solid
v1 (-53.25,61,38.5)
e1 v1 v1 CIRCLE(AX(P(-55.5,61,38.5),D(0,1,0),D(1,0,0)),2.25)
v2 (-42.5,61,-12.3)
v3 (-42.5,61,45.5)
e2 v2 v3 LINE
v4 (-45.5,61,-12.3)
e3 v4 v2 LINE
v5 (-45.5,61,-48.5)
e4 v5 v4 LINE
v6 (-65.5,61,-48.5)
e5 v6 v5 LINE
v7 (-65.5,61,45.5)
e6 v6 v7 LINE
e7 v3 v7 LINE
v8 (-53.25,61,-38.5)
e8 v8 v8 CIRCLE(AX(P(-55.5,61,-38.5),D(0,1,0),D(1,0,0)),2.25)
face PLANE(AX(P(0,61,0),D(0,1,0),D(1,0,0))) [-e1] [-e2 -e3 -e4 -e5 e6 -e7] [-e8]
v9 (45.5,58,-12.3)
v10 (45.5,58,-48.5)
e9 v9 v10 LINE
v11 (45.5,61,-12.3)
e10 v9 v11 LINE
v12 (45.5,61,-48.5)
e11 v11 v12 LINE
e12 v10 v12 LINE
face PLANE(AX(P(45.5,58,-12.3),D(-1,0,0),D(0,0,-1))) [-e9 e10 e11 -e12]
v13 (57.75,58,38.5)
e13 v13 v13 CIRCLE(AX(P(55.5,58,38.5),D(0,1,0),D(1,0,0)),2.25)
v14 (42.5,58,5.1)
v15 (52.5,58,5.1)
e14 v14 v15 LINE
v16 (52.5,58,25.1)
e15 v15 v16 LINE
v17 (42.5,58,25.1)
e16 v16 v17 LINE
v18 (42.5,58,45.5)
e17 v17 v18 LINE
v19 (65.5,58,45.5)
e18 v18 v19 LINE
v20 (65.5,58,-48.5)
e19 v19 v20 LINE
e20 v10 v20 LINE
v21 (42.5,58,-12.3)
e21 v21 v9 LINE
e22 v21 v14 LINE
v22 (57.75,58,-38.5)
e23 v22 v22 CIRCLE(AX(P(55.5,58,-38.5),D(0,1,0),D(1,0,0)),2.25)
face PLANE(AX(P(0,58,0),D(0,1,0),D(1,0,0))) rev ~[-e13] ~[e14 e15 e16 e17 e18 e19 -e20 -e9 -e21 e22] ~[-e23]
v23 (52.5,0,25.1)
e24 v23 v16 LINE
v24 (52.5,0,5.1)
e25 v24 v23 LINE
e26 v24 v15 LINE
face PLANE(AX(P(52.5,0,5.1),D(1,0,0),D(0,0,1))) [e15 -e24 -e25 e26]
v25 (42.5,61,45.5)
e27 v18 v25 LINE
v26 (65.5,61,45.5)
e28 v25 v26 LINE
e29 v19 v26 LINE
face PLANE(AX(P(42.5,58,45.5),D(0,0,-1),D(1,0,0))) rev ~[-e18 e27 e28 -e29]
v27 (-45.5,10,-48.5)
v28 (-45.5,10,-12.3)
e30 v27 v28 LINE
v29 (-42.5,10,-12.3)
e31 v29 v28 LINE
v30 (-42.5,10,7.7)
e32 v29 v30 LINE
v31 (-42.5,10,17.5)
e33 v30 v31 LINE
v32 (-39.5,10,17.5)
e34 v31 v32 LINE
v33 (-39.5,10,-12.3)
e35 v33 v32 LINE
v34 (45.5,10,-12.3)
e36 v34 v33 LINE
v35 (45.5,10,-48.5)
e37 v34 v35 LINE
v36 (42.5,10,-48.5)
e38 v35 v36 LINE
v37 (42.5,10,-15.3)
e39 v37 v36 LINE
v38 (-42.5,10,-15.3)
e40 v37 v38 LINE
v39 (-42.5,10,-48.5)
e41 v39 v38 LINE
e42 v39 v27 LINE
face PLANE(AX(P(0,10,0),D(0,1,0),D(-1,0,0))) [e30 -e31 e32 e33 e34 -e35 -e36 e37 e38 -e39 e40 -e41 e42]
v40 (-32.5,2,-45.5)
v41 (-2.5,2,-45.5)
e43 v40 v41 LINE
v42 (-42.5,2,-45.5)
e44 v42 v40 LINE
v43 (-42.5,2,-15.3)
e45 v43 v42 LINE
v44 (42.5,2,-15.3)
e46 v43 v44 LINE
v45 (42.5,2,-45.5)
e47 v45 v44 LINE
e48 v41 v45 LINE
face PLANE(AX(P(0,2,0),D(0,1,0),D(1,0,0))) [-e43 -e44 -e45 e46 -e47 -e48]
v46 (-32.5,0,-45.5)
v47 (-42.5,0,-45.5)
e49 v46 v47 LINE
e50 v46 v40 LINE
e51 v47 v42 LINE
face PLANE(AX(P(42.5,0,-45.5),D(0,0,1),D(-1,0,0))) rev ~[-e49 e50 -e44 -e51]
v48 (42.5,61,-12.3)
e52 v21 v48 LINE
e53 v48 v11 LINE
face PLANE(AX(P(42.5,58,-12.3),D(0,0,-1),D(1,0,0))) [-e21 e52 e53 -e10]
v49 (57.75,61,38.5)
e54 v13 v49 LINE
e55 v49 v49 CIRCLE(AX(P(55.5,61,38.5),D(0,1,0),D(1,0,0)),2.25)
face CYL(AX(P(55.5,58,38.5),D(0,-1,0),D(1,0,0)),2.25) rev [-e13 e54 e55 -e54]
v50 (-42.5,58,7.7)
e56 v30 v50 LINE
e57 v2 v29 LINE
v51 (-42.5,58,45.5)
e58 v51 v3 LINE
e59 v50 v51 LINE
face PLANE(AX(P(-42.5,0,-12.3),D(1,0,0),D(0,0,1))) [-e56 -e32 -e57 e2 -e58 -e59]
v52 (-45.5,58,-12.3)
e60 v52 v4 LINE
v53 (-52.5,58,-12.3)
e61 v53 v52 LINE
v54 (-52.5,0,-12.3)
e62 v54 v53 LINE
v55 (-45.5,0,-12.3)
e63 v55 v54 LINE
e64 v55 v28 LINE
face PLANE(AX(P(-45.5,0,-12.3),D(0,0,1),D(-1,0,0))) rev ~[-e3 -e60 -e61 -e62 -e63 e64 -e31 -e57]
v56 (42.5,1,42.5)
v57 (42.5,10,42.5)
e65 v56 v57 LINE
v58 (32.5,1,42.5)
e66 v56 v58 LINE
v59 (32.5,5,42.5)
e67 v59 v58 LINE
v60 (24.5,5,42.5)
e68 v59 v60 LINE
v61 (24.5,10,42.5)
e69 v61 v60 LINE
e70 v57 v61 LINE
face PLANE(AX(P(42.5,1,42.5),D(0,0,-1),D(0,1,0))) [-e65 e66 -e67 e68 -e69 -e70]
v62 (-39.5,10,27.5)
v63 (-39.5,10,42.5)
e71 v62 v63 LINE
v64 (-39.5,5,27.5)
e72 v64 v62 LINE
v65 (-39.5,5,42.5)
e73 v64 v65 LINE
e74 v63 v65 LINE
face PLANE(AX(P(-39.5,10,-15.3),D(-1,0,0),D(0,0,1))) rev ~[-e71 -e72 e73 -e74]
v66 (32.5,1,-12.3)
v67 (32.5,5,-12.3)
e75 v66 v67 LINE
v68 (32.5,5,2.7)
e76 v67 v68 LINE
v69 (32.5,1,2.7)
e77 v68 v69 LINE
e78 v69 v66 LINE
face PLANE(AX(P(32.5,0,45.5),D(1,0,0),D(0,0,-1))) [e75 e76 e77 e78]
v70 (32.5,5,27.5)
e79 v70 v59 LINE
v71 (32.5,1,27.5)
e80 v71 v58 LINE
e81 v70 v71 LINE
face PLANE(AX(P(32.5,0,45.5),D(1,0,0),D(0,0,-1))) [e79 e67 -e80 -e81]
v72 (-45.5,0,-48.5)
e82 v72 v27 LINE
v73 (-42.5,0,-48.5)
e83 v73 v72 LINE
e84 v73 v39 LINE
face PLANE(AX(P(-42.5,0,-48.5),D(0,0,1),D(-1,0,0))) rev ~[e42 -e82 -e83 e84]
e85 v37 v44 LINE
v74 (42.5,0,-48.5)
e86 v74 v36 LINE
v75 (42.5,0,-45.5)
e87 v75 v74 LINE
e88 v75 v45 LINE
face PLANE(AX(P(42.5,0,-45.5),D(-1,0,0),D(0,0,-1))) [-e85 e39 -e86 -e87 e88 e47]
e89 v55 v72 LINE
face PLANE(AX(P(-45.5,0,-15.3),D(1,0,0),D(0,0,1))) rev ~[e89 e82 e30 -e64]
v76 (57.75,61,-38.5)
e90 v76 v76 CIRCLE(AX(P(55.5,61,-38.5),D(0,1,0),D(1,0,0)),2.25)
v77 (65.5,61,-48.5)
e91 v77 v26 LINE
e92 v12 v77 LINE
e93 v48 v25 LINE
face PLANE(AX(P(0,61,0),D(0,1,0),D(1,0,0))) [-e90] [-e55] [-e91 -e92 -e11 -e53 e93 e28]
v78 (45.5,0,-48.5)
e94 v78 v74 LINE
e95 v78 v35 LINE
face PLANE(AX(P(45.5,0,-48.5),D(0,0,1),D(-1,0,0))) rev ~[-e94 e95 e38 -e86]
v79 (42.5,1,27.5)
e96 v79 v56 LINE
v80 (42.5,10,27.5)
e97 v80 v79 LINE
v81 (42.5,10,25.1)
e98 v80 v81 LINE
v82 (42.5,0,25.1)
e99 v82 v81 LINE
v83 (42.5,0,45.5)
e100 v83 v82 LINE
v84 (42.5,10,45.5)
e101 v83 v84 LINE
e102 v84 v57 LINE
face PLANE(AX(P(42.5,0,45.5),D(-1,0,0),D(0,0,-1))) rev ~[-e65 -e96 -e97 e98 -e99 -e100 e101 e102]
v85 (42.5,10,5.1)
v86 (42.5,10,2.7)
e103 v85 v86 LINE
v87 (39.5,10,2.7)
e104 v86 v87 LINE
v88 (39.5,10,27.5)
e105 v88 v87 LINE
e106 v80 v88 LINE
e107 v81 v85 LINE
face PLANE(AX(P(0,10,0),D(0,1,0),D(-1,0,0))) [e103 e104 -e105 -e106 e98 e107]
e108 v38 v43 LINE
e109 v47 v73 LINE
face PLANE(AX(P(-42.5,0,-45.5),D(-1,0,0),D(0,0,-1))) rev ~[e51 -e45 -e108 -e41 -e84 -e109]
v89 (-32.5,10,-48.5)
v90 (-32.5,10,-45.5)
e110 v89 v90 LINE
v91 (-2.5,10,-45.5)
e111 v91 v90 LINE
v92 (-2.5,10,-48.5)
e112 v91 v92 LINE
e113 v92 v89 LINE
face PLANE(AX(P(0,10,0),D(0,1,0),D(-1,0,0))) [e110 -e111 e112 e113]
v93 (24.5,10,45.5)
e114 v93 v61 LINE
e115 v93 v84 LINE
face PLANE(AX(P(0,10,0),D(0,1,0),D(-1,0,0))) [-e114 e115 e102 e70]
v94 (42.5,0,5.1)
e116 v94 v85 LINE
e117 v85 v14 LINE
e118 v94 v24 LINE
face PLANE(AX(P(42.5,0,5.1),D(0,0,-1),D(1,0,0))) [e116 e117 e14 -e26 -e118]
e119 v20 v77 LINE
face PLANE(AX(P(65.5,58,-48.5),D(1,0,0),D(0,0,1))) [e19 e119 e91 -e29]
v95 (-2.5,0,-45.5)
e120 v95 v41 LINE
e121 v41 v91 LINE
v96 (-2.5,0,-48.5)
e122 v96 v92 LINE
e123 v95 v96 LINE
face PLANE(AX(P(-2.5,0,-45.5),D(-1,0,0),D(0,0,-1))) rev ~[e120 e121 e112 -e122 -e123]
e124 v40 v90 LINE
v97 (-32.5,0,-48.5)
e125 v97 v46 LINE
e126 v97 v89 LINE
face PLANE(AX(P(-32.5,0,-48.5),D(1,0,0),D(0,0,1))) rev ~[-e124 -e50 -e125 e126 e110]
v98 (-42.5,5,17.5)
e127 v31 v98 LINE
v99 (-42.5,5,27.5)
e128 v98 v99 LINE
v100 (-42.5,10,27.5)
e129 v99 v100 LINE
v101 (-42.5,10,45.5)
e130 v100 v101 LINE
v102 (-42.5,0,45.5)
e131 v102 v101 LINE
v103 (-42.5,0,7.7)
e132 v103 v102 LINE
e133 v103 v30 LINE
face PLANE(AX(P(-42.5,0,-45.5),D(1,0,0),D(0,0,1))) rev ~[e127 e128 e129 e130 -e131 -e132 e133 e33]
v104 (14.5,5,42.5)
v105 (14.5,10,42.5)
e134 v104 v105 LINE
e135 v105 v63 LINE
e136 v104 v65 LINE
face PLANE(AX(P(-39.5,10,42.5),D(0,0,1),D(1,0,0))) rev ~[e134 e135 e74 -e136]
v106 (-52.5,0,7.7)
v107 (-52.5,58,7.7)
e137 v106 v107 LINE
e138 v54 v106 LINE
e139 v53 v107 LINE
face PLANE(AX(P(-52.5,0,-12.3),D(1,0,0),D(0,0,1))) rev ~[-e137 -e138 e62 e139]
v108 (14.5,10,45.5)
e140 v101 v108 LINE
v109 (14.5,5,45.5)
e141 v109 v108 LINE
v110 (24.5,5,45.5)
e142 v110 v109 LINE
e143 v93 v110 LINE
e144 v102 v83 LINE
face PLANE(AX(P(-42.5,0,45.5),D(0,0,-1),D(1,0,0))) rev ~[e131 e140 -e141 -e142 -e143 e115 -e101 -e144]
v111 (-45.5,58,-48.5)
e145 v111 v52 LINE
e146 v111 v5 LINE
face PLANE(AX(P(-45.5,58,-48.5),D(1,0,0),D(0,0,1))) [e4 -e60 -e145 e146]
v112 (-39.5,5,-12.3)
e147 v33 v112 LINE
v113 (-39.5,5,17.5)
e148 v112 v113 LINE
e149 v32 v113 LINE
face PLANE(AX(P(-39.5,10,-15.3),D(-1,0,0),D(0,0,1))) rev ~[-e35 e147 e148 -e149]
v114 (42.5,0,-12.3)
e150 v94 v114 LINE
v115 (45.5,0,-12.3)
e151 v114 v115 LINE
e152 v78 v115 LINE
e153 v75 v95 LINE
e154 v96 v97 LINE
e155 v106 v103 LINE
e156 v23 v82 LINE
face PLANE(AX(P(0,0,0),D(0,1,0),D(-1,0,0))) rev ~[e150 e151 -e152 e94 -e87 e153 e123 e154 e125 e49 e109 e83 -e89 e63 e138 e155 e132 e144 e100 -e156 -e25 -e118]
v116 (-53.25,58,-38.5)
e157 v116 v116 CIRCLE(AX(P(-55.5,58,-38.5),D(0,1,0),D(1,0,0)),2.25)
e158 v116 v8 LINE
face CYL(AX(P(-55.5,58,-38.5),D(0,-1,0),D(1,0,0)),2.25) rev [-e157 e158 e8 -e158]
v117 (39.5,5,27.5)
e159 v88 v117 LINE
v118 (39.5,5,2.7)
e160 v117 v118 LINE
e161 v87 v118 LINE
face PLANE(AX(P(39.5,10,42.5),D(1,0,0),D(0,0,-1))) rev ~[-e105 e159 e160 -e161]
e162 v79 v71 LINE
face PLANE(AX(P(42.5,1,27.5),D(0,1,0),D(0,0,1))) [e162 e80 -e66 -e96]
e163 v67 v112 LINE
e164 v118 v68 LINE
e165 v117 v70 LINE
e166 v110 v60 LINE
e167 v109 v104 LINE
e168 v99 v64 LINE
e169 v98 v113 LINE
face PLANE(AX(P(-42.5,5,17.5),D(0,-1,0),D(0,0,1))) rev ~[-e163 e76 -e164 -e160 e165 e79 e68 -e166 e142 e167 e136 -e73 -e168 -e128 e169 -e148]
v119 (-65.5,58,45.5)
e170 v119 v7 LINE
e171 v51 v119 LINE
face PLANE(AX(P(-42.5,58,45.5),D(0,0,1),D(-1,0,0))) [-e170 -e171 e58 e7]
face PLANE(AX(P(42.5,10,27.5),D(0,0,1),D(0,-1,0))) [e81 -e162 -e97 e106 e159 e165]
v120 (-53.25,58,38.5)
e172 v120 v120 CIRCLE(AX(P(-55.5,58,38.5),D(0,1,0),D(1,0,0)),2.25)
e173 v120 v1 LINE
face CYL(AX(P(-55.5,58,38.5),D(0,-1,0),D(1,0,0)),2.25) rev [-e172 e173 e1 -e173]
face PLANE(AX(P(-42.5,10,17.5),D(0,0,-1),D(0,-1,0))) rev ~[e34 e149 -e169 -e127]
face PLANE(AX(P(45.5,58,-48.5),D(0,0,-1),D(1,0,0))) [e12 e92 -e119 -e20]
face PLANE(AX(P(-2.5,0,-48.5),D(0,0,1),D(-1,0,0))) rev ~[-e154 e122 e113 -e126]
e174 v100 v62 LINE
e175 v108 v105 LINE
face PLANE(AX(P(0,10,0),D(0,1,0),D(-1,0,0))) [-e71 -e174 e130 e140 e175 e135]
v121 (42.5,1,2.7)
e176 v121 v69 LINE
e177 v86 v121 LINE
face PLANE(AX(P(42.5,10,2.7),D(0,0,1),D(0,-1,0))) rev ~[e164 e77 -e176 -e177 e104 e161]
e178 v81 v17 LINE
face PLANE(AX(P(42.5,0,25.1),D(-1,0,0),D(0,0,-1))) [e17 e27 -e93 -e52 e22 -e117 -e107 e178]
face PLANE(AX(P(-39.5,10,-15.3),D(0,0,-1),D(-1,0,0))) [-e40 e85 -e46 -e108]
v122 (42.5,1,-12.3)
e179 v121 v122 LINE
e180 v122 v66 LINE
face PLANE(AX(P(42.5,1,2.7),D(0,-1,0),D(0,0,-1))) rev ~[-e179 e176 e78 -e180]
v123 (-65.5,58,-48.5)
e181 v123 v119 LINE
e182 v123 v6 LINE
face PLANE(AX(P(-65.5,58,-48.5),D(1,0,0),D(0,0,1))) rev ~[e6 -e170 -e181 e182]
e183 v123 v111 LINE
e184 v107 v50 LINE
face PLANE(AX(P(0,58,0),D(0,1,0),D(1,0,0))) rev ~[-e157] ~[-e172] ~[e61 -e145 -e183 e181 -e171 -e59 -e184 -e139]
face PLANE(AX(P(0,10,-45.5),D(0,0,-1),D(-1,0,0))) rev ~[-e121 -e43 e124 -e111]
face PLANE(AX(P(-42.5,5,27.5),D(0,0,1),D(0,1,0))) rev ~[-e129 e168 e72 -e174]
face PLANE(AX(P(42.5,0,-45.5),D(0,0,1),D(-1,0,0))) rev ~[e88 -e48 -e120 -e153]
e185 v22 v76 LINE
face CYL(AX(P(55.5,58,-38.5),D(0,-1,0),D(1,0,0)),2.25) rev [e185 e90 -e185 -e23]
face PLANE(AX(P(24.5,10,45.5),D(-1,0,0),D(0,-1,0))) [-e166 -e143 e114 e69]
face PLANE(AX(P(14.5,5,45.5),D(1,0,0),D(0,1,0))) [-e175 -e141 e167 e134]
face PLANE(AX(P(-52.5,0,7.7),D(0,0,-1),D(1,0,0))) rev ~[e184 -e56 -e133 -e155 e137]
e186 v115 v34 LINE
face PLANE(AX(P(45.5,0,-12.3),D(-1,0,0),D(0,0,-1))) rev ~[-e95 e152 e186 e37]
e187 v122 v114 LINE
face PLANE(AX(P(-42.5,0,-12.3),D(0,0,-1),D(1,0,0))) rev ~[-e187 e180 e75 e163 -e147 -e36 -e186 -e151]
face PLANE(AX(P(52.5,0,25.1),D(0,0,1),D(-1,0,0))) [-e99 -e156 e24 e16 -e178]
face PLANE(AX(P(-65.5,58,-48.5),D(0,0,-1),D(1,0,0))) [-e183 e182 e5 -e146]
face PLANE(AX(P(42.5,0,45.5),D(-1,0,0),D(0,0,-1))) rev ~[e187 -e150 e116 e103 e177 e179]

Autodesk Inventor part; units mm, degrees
ref_plane "YZ Plane" through (0, 0, 0) normal (1, 0, 0) x (0, 1, 0)
ref_plane "XZ Plane" through (0, 0, 0) normal (0, 1, 0) x (-1, 0, 0)
ref_plane "XY Plane" through (0, 0, 0) normal (0, 0, 1) x (1, 0, 0)
sketch "Boceto1" plane through (0, 0, 0) normal (0, 1, 0) x (-1, 0, 0)
  line L0 (39.5, 42.5) -> (-39.5, 42.5)
  line L1 (-39.5, 42.5) -> (-39.5, -42.5)
  line L2 (-39.5, -42.5) -> (39.5, -42.5)
  line L3 (39.5, -42.5) -> (39.5, 42.5)
  line L4 (39.5, 42.5) -> (-39.5, -42.5) construction
  line L5 (-39.5, 42.5) -> (39.5, -42.5) construction
  line L6 (42.5, 45.5) -> (-42.5, 45.5)
  line L7 (-42.5, 45.5) -> (-42.5, -45.5)
  line L8 (-42.5, -45.5) -> (42.5, -45.5)
  line L9 (42.5, -45.5) -> (42.5, 45.5)
  point P0 (0, 0)
  point P1 (0, 0)
  dimension "d0" = 79
  dimension "d1" = 85
  dimension "d2" = 3
extrude "Extrusión1" add sketch "Boceto1" along normal blind 10 contours L3 L2 L1 L0 | L9 L8 L7 L6
sketch "Boceto2" plane through (0, 10, 0) normal (0, 1, 0) x (1, 0, 0)
  line L0 (-42.5, 45.5) -> (-42.5, -45.5)
  line L1 (42.5, -45.5) -> (-42.5, -45.5)
  line L2 (-42.5, -45.5) -> (-42.5, 45.5)
  line L3 (-42.5, 45.5) -> (42.5, 45.5)
  line L4 (42.5, 45.5) -> (42.5, -45.5)
  line L5 (42.5, -45.5) -> (-42.5, 45.5) construction
  line L6 (-42.5, -45.5) -> (42.5, 45.5) construction
  line L7 (-39.5, -42.5) -> (39.5, -42.5)
  line L8 (39.5, -42.5) -> (39.5, 42.5)
  line L9 (39.5, 42.5) -> (-39.5, 42.5)
  line L10 (-39.5, 42.5) -> (-39.5, -42.5)
  line L11 (0, -42.5) -> (0, -45.5)
  line L12 (-42.5, -45.5) -> (42.5, -45.5)
  line L13 (-15, -45.5) -> (15, -45.5)
  line L14 (15, -45.5) -> (15, -42.5)
  line L15 (15, -42.5) -> (-15, -42.5)
  line L16 (-15, -42.5) -> (-15, -45.5)
  line L17 (-15, -45.5) -> (15, -42.5) construction
  line L18 (15, -45.5) -> (-15, -42.5) construction
  line L19 (-65.3363, 15.3) -> (96.4695, 15.3)
  point P0 (0, 0)
  point P1 (0, -44)
  point P2 (39.5, 15.3)
  point P3 (-39.5, 15.3)
  dimension "d8" = 3
  dimension "d9" = 85
  dimension "d10" = 79
  dimension "d11" = 30
  dimension "d12" = 57.8
extrude "Extrusión2" cut sketch "Boceto2" against normal blind 5 contours L19 L8 L7 L10
sketch "Boceto3" plane through (0, 0, 0) normal (0, 1, 0) x (-1, 0, 0)
  line L0 (-42.5, 45.5) -> (-42.5, -15.3)
  line L1 (42.5, -45.5) -> (-42.5, -45.5)
  line L2 (-42.5, -45.5) -> (-42.5, -15.3)
  line L3 (-42.5, -15.3) -> (42.5, -15.3)
  line L4 (42.5, -15.3) -> (42.5, -45.5)
  line L5 (-45.5, -48.5) -> (45.5, -48.5)
  line L6 (45.5, -48.5) -> (45.5, -12.3)
  line L7 (45.5, -12.3) -> (-45.5, -12.3)
  line L8 (-45.5, -12.3) -> (-45.5, -48.5)
  line L9 (45.5, -15.3) -> (-45.5, -15.3)
  line L10 (-12.5, -48.5) -> (-12.5, -45.5)
  line L11 (-42.5, -45.5) -> (42.5, -45.5)
  line L12 (42.5, -45.5) -> (42.5, -48.5)
  line L13 (42.5, -15.3) -> (42.5, -12.3)
  line L14 (42.5, -45.5) -> (42.5, 45.5)
  line L15 (-42.5, -15.3) -> (-42.5, -12.3)
  line L16 (-42.5, 45.5) -> (-42.5, -45.5) projected
  line L17 (-42.5, -45.5) -> (-42.5, -48.5)
  line L18 (-42.5, -45.5) -> (42.5, -45.5) projected
  line L19 (2.5, -48.5) -> (32.5, -48.5)
  line L20 (32.5, -48.5) -> (32.5, -45.5)
  line L21 (32.5, -45.5) -> (2.5, -45.5)
  line L22 (2.5, -45.5) -> (2.5, -48.5)
  point P0 (0, 0)
  point P1 (0, 0)
  point P2 (-12.5, -47)
  point P3 (2.5, -45.5)
  point P4 (42.5, -47)
  point P5 (32.5, -47)
  dimension "d15" = 3
  dimension "d16" = 30
  dimension "d21" = 30
  dimension "d24" = 10
extrude "Extrusión3" add sketch "Boceto3" along normal blind 10 contours L7 L13 L3 L0 | L0 L9 L8 L7 | L3 L4 L1 L2 | L2 L17 L5 L8 L9 | L7 L6 L9 L13 | L9 L6 L5 L12 L4 | L1 L20 L5 L22
sketch "Boceto4" plane through (0, 10, 0) normal (0, 1, 0) x (1, 0, 0)
  line L0 (-39.5, 15.3) -> (39.5, 15.3)
  line L1 (0, 15.3) -> (0, 45.5)
  line L2 (42.5, 45.5) -> (-42.5, 45.5)
  line L3 (-42.5, 45.5) -> (42.5, 45.5)
  line L4 (42.5, 45.5) -> (42.5, 15.3)
  line L5 (42.5, 15.3) -> (-42.5, 15.3)
  line L6 (-42.5, 15.3) -> (-42.5, 45.5)
  line L7 (-42.5, 45.5) -> (42.5, 15.3) construction
  line L8 (42.5, 45.5) -> (-42.5, 15.3) construction
  point P0 (0, 0)
  point P1 (0, 0)
  point P2 (0, 30.4)
extrude "Extrusión4" cut sketch "Boceto4" against normal blind 8
sketch "Boceto5" plane through (-42.5, 0, 45.5) normal (-1, 0, 0) x (0, 0, 1)
  line L0 (-18, 10) -> (-28, 10)
  line L1 (-28, 10) -> (-28, 5)
  line L2 (-28, 5) -> (-18, 5)
  line L3 (-18, 5) -> (-18, 10)
  line L4 (-3, 5) -> (-57.8, 5) projected
  line L5 (-3, 10) -> (-3, 5) projected
  line L6 (-57.8, 10) -> (0, 10) projected
  point P0 (-45.5, 0)
  point P1 (-23, 5)
  dimension "d25" = 10
  dimension "d27" = 15
  dimension "d28" = 0
  dimension "d29" = 0
extrude "Extrusión5" cut sketch "Boceto5" against normal blind 10 contours L3 L2 L1 L0
sketch "Boceto6" plane through (-42.5, 0, 45.5) normal (0, 0, 1) x (1, 0, 0)
  line L0 (67, 5) -> (57, 5)
  line L1 (57, 5) -> (57, 10)
  line L2 (57, 10) -> (67, 10)
  line L3 (67, 10) -> (67, 5)
  line L4 (82, 5) -> (3, 5) projected
  line L5 (85, 0) -> (85, 10) projected
  line L6 (0, 10) -> (85, 10) projected
  point P0 (42.5, 0)
  point P1 (62, 5)
  dimension "d32" = 10
  dimension "d33" = 18
  dimension "d34" = 0
  dimension "d35" = 0
extrude "Extrusión6" cut sketch "Boceto6" against normal blind 10
sketch "Boceto7" plane through (42.5, 0, 45.5) normal (1, 0, 0) x (0, 0, -1)
  line L0 (57.8, 10) -> (3, 10) projected
  line L1 (3, 10) -> (18, 10)
  line L2 (18, 10) -> (18, 1)
  line L3 (18, 1) -> (3, 1)
  line L4 (3, 1) -> (3, 10)
  line L5 (3, 10) -> (3, 5) projected
  line L6 (57.8, 10) -> (28, 10) projected
  line L7 (57.8, 10) -> (42.8, 10)
  line L8 (42.8, 10) -> (42.8, 1)
  line L9 (42.8, 1) -> (57.8, 1)
  line L10 (57.8, 1) -> (57.8, 10)
  point P0 (45.5, 0)
  point P1 (0, 10)
  dimension "d41" = 15
  dimension "d42" = 9
  dimension "d43" = 0
  dimension "d46" = 15
  dimension "d47" = 9
extrude "Extrusión7" cut sketch "Boceto7" against normal blind 10
sketch "Boceto8" plane through (0, 0, 0) normal (0, 1, 0) x (-1, 0, 0)
  line L0 (42.5, -12.3) -> (42.5, 45.5) projected
  line L1 (42.5, -12.3) -> (52.5, -12.3)
  line L2 (52.5, -12.3) -> (52.5, 7.7)
  line L3 (52.5, 7.7) -> (42.5, 7.7)
  line L4 (42.5, 7.7) -> (42.5, -12.3)
  line L5 (45.5, -12.3) -> (42.5, -12.3) projected
  line L6 (-42.5, 45.5) -> (-42.5, -12.3) projected
  line L7 (-42.5, 5.1) -> (-52.5, 5.1)
  line L8 (-52.5, 5.1) -> (-52.5, 25.1)
  line L9 (-52.5, 25.1) -> (-42.5, 25.1)
  line L10 (-42.5, 25.1) -> (-42.5, 5.1)
  line L11 (-42.5, 2.7) -> (-39.5, 2.7) projected
  line L12 (-39.5, 27.5) -> (-42.5, 27.5) projected
  point P0 (0, 0)
  dimension "d48" = 10
  dimension "d49" = 20
  dimension "d50" = 0
  dimension "d51" = 10
  dimension "d52" = 20
  dimension "d53" = 2.4
  dimension "d54" = 2.4
extrude "Extrusión8" add sketch "Boceto8" along normal blind 58
sketch "Boceto9" plane through (0, 58, 0) normal (0, 1, 0) x (1, 0, 0)
  line L0 (-69.4566, 48.5) -> (100.0188, 48.5)
  line L1 (45.5, 48.5) -> (12.5, 48.5)
  line L2 (-42.5, -45.5) -> (42.5, -45.5)
  line L3 (-42.5, -45.5) -> (-83.2167, -45.5)
  line L4 (-83.2167, -45.5) -> (109.2502, -45.5)
  line L5 (65.5, 48.5) -> (65.5, -45.5)
  line L6 (45.5, 12.3) -> (45.5, 48.5)
  circle A0 centre (55.5, 38.5) radius 2.25
  line L7 (65.5, 0) -> (100.0188, 0)
  circle A1 centre (55.5, -38.5) radius 2.25
  line L8 (0, -45.5) -> (0, -59.2916)
  line L9 (-65.5, 48.5) -> (-65.5, -45.5)
  circle A2 centre (-55.5, -38.5) radius 2.25
  circle A3 centre (-55.5, 38.5) radius 2.25
  line L10 (-42.5, 12.3) -> (-42.5, -45.5)
  line L11 (-42.5, -45.5) -> (-42.5, 12.3)
  line L12 (-45.5, 12.3) -> (-42.5, 12.3)
  line L13 (-42.5, 12.3) -> (-45.5, 12.3)
  line L14 (-45.5, 48.5) -> (-45.5, 12.3)
  line L15 (-45.5, 12.3) -> (-45.5, 48.5)
  line L16 (-45.5, 48.5) -> (-65.5, 48.5)
  line L17 (42.5, 12.3) -> (45.5, 12.3)
  line L18 (45.5, 48.5) -> (45.5, 12.3)
  line L19 (45.5, 12.3) -> (42.5, 12.3)
  line L20 (15, -45.5) -> (42.5, -45.5)
  line L21 (42.5, 12.3) -> (42.5, -45.5)
  line L22 (42.5, -45.5) -> (65.5, -45.5)
  point P0 (0, 0)
  point P1 (0, 0)
  dimension "d57" = 20
  dimension "d58" = 4.5
  dimension "d59" = 10
  dimension "d60" = 10
extrude "Extrusión9" add sketch "Boceto9" along normal blind 3 contours L0 L14 L12 L10 L3 L9 | L0 L5 L4 L21 L17 L6
properties part number "batter_pack_top"
